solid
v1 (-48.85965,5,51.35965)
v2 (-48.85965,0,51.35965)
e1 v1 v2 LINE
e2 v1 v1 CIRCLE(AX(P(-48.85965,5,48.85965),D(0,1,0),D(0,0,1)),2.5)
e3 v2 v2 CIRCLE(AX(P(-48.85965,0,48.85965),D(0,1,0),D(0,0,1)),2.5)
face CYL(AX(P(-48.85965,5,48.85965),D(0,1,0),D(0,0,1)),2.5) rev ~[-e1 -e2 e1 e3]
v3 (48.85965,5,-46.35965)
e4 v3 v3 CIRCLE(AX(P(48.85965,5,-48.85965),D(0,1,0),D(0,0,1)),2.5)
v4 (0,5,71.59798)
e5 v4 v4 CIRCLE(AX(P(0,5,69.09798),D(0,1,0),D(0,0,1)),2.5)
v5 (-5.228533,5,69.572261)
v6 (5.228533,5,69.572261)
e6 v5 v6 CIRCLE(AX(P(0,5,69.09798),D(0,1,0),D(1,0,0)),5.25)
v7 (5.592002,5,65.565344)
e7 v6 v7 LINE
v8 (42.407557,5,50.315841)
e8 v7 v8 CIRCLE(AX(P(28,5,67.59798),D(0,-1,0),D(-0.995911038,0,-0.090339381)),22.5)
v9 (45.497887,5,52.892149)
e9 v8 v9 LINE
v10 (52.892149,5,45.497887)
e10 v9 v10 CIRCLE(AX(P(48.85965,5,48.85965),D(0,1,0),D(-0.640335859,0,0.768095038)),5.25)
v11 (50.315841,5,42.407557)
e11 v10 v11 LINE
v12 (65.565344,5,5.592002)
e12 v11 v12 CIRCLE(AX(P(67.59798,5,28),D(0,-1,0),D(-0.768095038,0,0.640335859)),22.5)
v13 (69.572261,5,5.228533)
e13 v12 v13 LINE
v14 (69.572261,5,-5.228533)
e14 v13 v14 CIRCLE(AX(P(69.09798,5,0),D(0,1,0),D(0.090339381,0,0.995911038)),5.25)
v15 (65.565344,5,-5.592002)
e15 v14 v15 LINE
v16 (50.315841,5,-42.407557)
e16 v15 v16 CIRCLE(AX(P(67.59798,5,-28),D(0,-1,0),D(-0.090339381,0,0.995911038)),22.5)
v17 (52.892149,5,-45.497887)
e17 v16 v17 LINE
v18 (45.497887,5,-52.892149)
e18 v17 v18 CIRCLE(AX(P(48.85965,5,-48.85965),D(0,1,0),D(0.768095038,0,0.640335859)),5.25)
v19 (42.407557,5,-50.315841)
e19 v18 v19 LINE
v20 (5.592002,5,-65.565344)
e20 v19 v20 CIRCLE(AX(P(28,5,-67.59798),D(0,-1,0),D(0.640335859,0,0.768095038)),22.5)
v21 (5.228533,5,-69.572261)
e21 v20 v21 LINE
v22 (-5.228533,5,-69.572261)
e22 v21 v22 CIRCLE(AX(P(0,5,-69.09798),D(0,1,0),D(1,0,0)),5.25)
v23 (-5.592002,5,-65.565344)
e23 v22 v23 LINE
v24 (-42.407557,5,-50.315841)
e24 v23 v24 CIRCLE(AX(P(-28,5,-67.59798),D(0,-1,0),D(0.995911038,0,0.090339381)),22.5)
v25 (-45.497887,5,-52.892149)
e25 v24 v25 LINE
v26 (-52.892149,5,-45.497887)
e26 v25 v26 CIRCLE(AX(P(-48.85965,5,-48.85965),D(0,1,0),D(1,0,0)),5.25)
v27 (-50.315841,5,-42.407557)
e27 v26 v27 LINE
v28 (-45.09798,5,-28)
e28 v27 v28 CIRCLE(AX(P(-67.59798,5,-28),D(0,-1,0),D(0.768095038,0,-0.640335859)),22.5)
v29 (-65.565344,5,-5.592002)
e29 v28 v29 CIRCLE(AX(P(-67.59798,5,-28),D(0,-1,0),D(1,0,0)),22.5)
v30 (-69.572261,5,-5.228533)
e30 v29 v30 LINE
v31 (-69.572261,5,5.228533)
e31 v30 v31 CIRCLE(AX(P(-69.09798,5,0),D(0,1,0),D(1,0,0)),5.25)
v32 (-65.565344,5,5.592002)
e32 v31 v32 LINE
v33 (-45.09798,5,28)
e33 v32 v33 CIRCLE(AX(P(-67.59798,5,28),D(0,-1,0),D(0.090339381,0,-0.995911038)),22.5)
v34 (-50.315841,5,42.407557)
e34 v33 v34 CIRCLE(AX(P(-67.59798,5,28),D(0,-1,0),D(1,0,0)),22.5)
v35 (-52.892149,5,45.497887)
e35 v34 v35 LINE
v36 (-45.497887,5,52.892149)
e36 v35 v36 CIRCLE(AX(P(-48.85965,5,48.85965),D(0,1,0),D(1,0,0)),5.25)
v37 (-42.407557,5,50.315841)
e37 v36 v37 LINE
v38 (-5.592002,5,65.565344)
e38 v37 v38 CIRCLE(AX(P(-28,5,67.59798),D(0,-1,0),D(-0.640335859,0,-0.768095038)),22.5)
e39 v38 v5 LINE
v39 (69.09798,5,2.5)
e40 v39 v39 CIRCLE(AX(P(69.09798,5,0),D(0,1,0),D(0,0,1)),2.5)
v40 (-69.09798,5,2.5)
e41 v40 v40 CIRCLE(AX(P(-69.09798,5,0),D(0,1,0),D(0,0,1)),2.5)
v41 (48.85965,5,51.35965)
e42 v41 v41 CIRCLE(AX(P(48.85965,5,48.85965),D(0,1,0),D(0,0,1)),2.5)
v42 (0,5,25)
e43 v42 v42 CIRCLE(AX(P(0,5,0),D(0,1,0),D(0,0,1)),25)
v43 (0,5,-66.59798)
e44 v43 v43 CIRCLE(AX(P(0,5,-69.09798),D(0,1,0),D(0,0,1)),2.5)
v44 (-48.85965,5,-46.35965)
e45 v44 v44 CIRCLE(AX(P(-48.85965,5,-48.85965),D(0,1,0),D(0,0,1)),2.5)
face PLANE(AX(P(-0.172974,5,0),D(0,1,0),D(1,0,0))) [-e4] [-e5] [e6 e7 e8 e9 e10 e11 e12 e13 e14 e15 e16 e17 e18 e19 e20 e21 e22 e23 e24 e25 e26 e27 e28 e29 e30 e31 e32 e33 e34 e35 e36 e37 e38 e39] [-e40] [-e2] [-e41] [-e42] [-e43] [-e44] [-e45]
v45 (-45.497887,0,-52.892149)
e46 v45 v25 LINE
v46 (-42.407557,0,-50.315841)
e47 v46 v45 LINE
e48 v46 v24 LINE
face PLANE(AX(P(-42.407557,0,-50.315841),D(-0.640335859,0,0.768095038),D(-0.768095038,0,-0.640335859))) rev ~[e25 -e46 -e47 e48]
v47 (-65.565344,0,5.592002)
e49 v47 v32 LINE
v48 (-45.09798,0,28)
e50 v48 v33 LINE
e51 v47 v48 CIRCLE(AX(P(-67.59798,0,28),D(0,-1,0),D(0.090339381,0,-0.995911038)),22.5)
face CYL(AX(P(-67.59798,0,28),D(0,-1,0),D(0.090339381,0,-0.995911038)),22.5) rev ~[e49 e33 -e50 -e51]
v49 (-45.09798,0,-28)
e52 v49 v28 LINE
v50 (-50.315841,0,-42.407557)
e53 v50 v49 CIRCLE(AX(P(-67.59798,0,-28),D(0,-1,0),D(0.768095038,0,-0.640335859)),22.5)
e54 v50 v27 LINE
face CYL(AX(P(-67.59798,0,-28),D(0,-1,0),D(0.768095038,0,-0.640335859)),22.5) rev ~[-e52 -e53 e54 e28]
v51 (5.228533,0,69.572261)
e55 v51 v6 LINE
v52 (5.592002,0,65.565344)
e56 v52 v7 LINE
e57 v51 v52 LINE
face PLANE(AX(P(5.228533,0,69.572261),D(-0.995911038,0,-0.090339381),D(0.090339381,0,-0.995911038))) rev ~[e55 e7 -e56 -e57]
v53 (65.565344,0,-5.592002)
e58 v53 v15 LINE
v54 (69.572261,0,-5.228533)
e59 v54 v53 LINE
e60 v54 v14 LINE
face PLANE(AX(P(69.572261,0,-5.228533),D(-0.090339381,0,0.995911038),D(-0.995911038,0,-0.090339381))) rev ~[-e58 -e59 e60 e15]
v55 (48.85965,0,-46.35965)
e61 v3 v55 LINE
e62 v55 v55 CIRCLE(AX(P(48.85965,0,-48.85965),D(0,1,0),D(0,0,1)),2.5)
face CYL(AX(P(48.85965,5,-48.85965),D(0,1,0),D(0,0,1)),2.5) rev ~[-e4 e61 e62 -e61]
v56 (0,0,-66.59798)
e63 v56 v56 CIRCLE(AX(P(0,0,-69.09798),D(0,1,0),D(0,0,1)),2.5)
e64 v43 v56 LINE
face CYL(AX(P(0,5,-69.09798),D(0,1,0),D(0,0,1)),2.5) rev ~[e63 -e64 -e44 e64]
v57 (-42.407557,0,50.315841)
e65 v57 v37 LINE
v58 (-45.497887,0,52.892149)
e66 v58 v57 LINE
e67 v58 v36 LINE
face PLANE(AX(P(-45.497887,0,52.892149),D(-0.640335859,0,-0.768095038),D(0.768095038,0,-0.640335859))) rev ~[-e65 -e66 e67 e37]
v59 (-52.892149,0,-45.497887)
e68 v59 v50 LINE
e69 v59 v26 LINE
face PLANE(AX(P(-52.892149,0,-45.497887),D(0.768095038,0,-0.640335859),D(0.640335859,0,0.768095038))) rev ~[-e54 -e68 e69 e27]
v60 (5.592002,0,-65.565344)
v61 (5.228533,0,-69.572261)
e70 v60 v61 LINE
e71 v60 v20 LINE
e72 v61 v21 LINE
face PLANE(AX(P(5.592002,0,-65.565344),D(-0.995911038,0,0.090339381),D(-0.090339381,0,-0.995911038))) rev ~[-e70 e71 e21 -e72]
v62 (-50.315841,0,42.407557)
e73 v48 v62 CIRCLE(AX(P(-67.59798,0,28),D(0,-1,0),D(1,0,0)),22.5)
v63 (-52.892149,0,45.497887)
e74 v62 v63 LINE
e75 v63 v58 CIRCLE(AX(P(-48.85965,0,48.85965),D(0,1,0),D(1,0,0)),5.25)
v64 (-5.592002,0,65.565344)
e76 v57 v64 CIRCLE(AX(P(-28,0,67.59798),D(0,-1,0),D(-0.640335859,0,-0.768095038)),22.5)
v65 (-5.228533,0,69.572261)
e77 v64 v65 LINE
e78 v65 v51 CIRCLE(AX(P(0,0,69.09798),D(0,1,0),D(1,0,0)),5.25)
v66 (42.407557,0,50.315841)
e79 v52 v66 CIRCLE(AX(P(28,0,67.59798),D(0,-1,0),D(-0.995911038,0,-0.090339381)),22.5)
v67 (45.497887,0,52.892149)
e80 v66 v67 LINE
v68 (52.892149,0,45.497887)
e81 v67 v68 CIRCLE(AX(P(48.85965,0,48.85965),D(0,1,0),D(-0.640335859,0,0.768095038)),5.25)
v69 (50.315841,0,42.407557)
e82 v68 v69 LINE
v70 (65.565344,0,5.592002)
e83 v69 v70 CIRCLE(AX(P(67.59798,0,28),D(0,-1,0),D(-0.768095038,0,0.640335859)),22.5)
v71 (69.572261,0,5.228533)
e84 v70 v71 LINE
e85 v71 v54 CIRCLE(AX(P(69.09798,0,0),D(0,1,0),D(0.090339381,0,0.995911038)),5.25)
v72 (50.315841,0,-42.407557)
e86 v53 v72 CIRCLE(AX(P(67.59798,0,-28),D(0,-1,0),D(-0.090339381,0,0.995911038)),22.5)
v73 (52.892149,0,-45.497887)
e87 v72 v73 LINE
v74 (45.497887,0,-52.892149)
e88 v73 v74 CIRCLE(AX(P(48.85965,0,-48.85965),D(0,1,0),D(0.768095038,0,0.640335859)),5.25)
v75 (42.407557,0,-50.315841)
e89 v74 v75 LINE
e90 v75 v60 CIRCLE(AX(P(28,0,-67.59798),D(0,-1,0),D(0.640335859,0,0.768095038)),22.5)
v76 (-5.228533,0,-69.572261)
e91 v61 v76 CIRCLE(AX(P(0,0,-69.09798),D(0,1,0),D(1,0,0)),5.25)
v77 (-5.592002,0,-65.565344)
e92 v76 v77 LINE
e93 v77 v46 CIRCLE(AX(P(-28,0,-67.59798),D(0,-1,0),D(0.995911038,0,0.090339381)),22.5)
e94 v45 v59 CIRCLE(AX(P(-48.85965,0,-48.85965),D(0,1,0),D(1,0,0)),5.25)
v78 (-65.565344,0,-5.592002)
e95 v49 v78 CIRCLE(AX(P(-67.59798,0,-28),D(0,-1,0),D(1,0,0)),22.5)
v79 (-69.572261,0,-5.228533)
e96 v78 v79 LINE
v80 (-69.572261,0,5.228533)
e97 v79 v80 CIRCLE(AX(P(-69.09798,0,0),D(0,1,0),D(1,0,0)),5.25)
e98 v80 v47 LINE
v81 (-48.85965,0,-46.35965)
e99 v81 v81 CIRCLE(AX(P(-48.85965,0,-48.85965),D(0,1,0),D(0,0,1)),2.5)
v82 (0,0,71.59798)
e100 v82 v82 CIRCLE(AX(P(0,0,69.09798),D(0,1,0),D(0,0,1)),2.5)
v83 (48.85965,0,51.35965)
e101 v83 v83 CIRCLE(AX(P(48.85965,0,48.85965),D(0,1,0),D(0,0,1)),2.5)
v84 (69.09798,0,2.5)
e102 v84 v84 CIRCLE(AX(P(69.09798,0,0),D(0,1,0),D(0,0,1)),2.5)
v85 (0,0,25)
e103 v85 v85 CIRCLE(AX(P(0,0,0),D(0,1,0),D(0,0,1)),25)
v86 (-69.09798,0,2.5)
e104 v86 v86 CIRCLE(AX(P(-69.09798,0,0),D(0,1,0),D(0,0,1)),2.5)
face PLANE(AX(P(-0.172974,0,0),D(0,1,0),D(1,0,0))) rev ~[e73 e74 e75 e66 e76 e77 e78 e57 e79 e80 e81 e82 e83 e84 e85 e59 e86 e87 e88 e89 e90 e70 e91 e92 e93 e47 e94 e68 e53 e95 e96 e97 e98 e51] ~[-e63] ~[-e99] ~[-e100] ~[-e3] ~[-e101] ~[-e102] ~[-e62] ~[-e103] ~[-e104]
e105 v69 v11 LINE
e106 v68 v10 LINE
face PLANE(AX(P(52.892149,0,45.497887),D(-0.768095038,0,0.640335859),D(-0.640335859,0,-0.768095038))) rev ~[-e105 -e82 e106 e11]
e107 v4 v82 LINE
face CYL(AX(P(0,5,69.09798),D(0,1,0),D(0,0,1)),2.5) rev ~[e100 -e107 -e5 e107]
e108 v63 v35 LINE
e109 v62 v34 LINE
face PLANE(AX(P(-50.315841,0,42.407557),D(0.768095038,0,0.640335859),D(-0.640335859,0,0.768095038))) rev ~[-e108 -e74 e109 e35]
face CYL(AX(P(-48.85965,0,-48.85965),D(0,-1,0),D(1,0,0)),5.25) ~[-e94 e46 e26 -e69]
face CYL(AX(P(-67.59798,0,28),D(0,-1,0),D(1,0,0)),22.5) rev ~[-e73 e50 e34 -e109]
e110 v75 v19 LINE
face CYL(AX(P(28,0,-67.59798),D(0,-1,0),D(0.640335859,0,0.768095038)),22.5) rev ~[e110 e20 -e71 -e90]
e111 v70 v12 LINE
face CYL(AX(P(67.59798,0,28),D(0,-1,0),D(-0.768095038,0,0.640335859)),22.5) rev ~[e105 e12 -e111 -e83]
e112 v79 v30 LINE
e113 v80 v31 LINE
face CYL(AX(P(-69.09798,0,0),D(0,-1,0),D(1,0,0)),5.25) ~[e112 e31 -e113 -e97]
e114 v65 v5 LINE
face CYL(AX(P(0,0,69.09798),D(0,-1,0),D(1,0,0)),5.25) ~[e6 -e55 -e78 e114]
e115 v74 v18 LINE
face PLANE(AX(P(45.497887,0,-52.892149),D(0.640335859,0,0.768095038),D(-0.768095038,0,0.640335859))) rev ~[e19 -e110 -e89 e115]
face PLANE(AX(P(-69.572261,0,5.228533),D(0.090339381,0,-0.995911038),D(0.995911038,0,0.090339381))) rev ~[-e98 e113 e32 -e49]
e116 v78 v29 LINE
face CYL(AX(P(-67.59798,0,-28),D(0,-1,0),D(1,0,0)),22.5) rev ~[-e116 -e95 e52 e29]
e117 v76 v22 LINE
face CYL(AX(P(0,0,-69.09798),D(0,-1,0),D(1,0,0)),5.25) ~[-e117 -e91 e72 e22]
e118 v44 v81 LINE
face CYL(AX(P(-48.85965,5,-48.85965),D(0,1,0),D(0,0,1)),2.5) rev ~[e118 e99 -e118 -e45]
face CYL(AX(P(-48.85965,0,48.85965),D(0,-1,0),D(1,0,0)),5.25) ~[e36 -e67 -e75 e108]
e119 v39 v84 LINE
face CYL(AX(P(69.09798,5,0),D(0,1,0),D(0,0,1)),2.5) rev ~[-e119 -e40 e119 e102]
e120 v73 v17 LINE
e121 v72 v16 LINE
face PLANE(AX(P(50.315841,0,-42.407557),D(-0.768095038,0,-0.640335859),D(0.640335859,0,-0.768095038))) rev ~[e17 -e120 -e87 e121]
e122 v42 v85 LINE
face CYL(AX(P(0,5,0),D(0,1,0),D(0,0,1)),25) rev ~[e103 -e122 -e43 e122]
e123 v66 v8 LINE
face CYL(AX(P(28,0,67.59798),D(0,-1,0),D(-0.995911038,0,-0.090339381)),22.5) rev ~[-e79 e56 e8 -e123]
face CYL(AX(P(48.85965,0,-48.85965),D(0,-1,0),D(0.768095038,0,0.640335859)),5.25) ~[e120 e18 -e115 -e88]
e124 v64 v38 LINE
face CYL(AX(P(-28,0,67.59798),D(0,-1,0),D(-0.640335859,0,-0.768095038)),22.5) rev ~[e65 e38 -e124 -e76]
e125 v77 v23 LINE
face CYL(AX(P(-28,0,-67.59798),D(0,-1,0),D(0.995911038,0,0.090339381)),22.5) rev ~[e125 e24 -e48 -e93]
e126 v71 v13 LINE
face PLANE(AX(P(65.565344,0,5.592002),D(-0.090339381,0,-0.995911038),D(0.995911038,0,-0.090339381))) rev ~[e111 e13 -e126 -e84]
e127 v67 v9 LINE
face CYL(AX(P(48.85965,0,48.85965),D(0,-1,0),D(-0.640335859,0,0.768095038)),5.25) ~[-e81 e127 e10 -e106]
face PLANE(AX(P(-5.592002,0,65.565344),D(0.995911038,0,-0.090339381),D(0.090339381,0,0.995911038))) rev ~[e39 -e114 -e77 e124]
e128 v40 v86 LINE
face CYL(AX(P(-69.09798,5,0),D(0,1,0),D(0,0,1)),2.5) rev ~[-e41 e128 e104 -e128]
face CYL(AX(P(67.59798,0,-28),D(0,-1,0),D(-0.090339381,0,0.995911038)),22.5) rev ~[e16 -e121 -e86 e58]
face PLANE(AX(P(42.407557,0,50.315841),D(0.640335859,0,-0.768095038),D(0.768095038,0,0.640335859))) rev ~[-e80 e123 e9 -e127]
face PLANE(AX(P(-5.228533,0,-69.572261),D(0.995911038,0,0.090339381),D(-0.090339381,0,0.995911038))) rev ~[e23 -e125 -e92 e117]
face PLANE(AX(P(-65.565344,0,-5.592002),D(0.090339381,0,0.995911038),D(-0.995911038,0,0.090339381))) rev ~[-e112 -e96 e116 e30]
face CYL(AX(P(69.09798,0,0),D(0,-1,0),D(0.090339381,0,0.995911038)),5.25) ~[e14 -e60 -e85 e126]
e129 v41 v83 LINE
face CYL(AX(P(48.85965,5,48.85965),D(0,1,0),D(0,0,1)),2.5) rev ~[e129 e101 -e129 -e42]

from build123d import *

# Parameters (mm, degrees)
SKETCH1_R           = 5.25
BOSS_EXTRUDE1_DEPTH = 5
SKETCH2_R           = 2.5
CUT_EXTRUDE1_DEPTH  = 10
SKETCH3_R           = 25
CUT_EXTRUDE2_DEPTH  = 10


with BuildPart() as part:
    # Sketch1 → Boss-Extrude1 (new body)
    with BuildSketch(Plane(origin=(0, 0, 0), x_dir=(1, 0, 0), z_dir=(0, 1, 0))):
        with BuildLine():
            ThreePointArc((69.572261498, -5.228532951), (63.847979746, 0), (69.572261498, 5.228532951))
            Line((69.572261498, 5.228532951), (65.565343666, 5.592001639))
            ThreePointArc((65.565343666, 5.592001639), (46.810690265, 19.389622772), (50.315841396, 42.407556838))
            Line((50.315841396, 42.407556838), (52.892148993, 45.497886783))
            ThreePointArc((52.892148993, 45.497886783), (45.147339444, 45.147339444), (45.497886783, 52.892148993))
            Line((45.497886783, 52.892148993), (42.407556838, 50.315841396))
            ThreePointArc((42.407556838, 50.315841396), (19.389622772, 46.810690265), (5.592001639, 65.565343666))
            Line((5.592001639, 65.565343666), (5.228532951, 69.572261498))
            ThreePointArc((5.228532951, 69.572261498), (5.244630492, 69.33536341), (5.25, 69.097979746))
            ThreePointArc((5.25, 69.097979746), (-0.237383663, 63.853349255), (-5.228532951, 69.572261498))
            Line((-5.228532951, 69.572261498), (-5.592001639, 65.565343666))
            ThreePointArc((-5.592001639, 65.565343666), (-19.389622772, 46.810690265), (-42.407556838, 50.315841396))
            Line((-42.407556838, 50.315841396), (-45.497886783, 52.892148993))
            ThreePointArc((-45.497886783, 52.892148993), (-44.105086073, 51.085997151), (-43.609650045, 48.859650045))
            ThreePointArc((-43.609650045, 48.859650045), (-47.071930755, 43.923400483), (-52.892148993, 45.497886783))
            Line((-52.892148993, 45.497886783), (-50.315841396, 42.407556838))
            ThreePointArc((-50.315841396, 42.407556838), (-46.44262448, 35.661654101), (-45.097979746, 28))
            ThreePointArc((-45.097979746, 28), (-50.984968102, 12.825750625), (-65.565343666, 5.592001639))
            Line((-65.565343666, 5.592001639), (-69.572261498, 5.228532951))
            ThreePointArc((-69.572261498, 5.228532951), (-65.557321559, 3.876369384), (-63.847979746, 0))
            ThreePointArc((-63.847979746, 0), (-65.557321559, -3.876369384), (-69.572261498, -5.228532951))
            Line((-69.572261498, -5.228532951), (-65.565343666, -5.592001639))
            ThreePointArc((-65.565343666, -5.592001639), (-50.984968102, -12.825750625), (-45.097979746, -28))
            ThreePointArc((-45.097979746, -28), (-46.44262448, -35.661654101), (-50.315841396, -42.407556838))
            Line((-50.315841396, -42.407556838), (-52.892148993, -45.497886783))
            ThreePointArc((-52.892148993, -45.497886783), (-47.071930755, -43.923400483), (-43.609650045, -48.859650045))
            ThreePointArc((-43.609650045, -48.859650045), (-44.105086073, -51.085997151), (-45.497886783, -52.892148993))
            Line((-45.497886783, -52.892148993), (-42.407556838, -50.315841396))
            ThreePointArc((-42.407556838, -50.315841396), (-19.389622772, -46.810690265), (-5.592001639, -65.565343666))
            Line((-5.592001639, -65.565343666), (-5.228532951, -69.572261498))
            ThreePointArc((-5.228532951, -69.572261498), (-0.237383663, -63.853349255), (5.25, -69.097979746))
            ThreePointArc((5.25, -69.097979746), (5.244630492, -69.33536341), (5.228532951, -69.572261498))
            Line((5.228532951, -69.572261498), (5.592001639, -65.565343666))
            ThreePointArc((5.592001639, -65.565343666), (19.389622772, -46.810690265), (42.407556838, -50.315841396))
            Line((42.407556838, -50.315841396), (45.497886783, -52.892148993))
            ThreePointArc((45.497886783, -52.892148993), (45.147339444, -45.147339444), (52.892148993, -45.497886783))
            Line((52.892148993, -45.497886783), (50.315841396, -42.407556838))
            ThreePointArc((50.315841396, -42.407556838), (46.810690265, -19.389622772), (65.565343666, -5.592001639))
            Line((65.565343666, -5.592001639), (69.572261498, -5.228532951))
        make_face()
        with Locations((0, -69.097979746)):
            Circle(SKETCH1_R)
        with Locations((48.859650045, -48.859650045)):
            Circle(SKETCH1_R)
        with Locations((69.097979746, 0)):
            Circle(SKETCH1_R)
        with Locations((48.859650045, 48.859650045)):
            Circle(SKETCH1_R)
        with Locations((-48.859650045, -48.859650045)):
            Circle(SKETCH1_R)
        with Locations((-69.097979746, 0)):
            Circle(SKETCH1_R)
        with Locations((-48.859650045, 48.859650045)):
            Circle(SKETCH1_R)
        with Locations((0, 69.097979746)):
            Circle(SKETCH1_R)
    extrude(amount=BOSS_EXTRUDE1_DEPTH)

    # Sketch2 → Cut-Extrude1 (cut)
    with BuildSketch(Plane(origin=(0, 5, 0), x_dir=(1, 0, 0), z_dir=(0, 1, 0))):
        with Locations(Location((69.097979746, 0, 0), (0, 0, 270))):
            Circle(SKETCH2_R)
        with Locations(Location((48.859650045, -48.859650045, 0), (0, 0, 270))):
            Circle(SKETCH2_R)
        with Locations(Location((0, -69.097979746, 0), (0, 0, 270))):
            Circle(SKETCH2_R)
        with Locations(Location((-48.859650045, -48.859650045, 0), (0, 0, 270))):
            Circle(SKETCH2_R)
        with Locations(Location((-69.097979746, 0, 0), (0, 0, 270))):
            Circle(SKETCH2_R)
        with Locations(Location((-48.859650045, 48.859650045, 0), (0, 0, 270))):
            Circle(SKETCH2_R)
        with Locations(Location((0, 69.097979746, 0), (0, 0, 270))):
            Circle(SKETCH2_R)
        with Locations(Location((48.859650045, 48.859650045, 0), (0, 0, 270))):
            Circle(SKETCH2_R)
    extrude(amount=-CUT_EXTRUDE1_DEPTH, mode=Mode.SUBTRACT)

    # Sketch3 → Cut-Extrude2 (cut)
    with BuildSketch(Plane(origin=(0, 5, 0), x_dir=(1, 0, 0), z_dir=(0, 1, 0))):
        with Locations(Location((0, 0, 0), (0, 0, 270))):
            Circle(SKETCH3_R)
    extrude(amount=-CUT_EXTRUDE2_DEPTH, mode=Mode.SUBTRACT)


solid = part.part
